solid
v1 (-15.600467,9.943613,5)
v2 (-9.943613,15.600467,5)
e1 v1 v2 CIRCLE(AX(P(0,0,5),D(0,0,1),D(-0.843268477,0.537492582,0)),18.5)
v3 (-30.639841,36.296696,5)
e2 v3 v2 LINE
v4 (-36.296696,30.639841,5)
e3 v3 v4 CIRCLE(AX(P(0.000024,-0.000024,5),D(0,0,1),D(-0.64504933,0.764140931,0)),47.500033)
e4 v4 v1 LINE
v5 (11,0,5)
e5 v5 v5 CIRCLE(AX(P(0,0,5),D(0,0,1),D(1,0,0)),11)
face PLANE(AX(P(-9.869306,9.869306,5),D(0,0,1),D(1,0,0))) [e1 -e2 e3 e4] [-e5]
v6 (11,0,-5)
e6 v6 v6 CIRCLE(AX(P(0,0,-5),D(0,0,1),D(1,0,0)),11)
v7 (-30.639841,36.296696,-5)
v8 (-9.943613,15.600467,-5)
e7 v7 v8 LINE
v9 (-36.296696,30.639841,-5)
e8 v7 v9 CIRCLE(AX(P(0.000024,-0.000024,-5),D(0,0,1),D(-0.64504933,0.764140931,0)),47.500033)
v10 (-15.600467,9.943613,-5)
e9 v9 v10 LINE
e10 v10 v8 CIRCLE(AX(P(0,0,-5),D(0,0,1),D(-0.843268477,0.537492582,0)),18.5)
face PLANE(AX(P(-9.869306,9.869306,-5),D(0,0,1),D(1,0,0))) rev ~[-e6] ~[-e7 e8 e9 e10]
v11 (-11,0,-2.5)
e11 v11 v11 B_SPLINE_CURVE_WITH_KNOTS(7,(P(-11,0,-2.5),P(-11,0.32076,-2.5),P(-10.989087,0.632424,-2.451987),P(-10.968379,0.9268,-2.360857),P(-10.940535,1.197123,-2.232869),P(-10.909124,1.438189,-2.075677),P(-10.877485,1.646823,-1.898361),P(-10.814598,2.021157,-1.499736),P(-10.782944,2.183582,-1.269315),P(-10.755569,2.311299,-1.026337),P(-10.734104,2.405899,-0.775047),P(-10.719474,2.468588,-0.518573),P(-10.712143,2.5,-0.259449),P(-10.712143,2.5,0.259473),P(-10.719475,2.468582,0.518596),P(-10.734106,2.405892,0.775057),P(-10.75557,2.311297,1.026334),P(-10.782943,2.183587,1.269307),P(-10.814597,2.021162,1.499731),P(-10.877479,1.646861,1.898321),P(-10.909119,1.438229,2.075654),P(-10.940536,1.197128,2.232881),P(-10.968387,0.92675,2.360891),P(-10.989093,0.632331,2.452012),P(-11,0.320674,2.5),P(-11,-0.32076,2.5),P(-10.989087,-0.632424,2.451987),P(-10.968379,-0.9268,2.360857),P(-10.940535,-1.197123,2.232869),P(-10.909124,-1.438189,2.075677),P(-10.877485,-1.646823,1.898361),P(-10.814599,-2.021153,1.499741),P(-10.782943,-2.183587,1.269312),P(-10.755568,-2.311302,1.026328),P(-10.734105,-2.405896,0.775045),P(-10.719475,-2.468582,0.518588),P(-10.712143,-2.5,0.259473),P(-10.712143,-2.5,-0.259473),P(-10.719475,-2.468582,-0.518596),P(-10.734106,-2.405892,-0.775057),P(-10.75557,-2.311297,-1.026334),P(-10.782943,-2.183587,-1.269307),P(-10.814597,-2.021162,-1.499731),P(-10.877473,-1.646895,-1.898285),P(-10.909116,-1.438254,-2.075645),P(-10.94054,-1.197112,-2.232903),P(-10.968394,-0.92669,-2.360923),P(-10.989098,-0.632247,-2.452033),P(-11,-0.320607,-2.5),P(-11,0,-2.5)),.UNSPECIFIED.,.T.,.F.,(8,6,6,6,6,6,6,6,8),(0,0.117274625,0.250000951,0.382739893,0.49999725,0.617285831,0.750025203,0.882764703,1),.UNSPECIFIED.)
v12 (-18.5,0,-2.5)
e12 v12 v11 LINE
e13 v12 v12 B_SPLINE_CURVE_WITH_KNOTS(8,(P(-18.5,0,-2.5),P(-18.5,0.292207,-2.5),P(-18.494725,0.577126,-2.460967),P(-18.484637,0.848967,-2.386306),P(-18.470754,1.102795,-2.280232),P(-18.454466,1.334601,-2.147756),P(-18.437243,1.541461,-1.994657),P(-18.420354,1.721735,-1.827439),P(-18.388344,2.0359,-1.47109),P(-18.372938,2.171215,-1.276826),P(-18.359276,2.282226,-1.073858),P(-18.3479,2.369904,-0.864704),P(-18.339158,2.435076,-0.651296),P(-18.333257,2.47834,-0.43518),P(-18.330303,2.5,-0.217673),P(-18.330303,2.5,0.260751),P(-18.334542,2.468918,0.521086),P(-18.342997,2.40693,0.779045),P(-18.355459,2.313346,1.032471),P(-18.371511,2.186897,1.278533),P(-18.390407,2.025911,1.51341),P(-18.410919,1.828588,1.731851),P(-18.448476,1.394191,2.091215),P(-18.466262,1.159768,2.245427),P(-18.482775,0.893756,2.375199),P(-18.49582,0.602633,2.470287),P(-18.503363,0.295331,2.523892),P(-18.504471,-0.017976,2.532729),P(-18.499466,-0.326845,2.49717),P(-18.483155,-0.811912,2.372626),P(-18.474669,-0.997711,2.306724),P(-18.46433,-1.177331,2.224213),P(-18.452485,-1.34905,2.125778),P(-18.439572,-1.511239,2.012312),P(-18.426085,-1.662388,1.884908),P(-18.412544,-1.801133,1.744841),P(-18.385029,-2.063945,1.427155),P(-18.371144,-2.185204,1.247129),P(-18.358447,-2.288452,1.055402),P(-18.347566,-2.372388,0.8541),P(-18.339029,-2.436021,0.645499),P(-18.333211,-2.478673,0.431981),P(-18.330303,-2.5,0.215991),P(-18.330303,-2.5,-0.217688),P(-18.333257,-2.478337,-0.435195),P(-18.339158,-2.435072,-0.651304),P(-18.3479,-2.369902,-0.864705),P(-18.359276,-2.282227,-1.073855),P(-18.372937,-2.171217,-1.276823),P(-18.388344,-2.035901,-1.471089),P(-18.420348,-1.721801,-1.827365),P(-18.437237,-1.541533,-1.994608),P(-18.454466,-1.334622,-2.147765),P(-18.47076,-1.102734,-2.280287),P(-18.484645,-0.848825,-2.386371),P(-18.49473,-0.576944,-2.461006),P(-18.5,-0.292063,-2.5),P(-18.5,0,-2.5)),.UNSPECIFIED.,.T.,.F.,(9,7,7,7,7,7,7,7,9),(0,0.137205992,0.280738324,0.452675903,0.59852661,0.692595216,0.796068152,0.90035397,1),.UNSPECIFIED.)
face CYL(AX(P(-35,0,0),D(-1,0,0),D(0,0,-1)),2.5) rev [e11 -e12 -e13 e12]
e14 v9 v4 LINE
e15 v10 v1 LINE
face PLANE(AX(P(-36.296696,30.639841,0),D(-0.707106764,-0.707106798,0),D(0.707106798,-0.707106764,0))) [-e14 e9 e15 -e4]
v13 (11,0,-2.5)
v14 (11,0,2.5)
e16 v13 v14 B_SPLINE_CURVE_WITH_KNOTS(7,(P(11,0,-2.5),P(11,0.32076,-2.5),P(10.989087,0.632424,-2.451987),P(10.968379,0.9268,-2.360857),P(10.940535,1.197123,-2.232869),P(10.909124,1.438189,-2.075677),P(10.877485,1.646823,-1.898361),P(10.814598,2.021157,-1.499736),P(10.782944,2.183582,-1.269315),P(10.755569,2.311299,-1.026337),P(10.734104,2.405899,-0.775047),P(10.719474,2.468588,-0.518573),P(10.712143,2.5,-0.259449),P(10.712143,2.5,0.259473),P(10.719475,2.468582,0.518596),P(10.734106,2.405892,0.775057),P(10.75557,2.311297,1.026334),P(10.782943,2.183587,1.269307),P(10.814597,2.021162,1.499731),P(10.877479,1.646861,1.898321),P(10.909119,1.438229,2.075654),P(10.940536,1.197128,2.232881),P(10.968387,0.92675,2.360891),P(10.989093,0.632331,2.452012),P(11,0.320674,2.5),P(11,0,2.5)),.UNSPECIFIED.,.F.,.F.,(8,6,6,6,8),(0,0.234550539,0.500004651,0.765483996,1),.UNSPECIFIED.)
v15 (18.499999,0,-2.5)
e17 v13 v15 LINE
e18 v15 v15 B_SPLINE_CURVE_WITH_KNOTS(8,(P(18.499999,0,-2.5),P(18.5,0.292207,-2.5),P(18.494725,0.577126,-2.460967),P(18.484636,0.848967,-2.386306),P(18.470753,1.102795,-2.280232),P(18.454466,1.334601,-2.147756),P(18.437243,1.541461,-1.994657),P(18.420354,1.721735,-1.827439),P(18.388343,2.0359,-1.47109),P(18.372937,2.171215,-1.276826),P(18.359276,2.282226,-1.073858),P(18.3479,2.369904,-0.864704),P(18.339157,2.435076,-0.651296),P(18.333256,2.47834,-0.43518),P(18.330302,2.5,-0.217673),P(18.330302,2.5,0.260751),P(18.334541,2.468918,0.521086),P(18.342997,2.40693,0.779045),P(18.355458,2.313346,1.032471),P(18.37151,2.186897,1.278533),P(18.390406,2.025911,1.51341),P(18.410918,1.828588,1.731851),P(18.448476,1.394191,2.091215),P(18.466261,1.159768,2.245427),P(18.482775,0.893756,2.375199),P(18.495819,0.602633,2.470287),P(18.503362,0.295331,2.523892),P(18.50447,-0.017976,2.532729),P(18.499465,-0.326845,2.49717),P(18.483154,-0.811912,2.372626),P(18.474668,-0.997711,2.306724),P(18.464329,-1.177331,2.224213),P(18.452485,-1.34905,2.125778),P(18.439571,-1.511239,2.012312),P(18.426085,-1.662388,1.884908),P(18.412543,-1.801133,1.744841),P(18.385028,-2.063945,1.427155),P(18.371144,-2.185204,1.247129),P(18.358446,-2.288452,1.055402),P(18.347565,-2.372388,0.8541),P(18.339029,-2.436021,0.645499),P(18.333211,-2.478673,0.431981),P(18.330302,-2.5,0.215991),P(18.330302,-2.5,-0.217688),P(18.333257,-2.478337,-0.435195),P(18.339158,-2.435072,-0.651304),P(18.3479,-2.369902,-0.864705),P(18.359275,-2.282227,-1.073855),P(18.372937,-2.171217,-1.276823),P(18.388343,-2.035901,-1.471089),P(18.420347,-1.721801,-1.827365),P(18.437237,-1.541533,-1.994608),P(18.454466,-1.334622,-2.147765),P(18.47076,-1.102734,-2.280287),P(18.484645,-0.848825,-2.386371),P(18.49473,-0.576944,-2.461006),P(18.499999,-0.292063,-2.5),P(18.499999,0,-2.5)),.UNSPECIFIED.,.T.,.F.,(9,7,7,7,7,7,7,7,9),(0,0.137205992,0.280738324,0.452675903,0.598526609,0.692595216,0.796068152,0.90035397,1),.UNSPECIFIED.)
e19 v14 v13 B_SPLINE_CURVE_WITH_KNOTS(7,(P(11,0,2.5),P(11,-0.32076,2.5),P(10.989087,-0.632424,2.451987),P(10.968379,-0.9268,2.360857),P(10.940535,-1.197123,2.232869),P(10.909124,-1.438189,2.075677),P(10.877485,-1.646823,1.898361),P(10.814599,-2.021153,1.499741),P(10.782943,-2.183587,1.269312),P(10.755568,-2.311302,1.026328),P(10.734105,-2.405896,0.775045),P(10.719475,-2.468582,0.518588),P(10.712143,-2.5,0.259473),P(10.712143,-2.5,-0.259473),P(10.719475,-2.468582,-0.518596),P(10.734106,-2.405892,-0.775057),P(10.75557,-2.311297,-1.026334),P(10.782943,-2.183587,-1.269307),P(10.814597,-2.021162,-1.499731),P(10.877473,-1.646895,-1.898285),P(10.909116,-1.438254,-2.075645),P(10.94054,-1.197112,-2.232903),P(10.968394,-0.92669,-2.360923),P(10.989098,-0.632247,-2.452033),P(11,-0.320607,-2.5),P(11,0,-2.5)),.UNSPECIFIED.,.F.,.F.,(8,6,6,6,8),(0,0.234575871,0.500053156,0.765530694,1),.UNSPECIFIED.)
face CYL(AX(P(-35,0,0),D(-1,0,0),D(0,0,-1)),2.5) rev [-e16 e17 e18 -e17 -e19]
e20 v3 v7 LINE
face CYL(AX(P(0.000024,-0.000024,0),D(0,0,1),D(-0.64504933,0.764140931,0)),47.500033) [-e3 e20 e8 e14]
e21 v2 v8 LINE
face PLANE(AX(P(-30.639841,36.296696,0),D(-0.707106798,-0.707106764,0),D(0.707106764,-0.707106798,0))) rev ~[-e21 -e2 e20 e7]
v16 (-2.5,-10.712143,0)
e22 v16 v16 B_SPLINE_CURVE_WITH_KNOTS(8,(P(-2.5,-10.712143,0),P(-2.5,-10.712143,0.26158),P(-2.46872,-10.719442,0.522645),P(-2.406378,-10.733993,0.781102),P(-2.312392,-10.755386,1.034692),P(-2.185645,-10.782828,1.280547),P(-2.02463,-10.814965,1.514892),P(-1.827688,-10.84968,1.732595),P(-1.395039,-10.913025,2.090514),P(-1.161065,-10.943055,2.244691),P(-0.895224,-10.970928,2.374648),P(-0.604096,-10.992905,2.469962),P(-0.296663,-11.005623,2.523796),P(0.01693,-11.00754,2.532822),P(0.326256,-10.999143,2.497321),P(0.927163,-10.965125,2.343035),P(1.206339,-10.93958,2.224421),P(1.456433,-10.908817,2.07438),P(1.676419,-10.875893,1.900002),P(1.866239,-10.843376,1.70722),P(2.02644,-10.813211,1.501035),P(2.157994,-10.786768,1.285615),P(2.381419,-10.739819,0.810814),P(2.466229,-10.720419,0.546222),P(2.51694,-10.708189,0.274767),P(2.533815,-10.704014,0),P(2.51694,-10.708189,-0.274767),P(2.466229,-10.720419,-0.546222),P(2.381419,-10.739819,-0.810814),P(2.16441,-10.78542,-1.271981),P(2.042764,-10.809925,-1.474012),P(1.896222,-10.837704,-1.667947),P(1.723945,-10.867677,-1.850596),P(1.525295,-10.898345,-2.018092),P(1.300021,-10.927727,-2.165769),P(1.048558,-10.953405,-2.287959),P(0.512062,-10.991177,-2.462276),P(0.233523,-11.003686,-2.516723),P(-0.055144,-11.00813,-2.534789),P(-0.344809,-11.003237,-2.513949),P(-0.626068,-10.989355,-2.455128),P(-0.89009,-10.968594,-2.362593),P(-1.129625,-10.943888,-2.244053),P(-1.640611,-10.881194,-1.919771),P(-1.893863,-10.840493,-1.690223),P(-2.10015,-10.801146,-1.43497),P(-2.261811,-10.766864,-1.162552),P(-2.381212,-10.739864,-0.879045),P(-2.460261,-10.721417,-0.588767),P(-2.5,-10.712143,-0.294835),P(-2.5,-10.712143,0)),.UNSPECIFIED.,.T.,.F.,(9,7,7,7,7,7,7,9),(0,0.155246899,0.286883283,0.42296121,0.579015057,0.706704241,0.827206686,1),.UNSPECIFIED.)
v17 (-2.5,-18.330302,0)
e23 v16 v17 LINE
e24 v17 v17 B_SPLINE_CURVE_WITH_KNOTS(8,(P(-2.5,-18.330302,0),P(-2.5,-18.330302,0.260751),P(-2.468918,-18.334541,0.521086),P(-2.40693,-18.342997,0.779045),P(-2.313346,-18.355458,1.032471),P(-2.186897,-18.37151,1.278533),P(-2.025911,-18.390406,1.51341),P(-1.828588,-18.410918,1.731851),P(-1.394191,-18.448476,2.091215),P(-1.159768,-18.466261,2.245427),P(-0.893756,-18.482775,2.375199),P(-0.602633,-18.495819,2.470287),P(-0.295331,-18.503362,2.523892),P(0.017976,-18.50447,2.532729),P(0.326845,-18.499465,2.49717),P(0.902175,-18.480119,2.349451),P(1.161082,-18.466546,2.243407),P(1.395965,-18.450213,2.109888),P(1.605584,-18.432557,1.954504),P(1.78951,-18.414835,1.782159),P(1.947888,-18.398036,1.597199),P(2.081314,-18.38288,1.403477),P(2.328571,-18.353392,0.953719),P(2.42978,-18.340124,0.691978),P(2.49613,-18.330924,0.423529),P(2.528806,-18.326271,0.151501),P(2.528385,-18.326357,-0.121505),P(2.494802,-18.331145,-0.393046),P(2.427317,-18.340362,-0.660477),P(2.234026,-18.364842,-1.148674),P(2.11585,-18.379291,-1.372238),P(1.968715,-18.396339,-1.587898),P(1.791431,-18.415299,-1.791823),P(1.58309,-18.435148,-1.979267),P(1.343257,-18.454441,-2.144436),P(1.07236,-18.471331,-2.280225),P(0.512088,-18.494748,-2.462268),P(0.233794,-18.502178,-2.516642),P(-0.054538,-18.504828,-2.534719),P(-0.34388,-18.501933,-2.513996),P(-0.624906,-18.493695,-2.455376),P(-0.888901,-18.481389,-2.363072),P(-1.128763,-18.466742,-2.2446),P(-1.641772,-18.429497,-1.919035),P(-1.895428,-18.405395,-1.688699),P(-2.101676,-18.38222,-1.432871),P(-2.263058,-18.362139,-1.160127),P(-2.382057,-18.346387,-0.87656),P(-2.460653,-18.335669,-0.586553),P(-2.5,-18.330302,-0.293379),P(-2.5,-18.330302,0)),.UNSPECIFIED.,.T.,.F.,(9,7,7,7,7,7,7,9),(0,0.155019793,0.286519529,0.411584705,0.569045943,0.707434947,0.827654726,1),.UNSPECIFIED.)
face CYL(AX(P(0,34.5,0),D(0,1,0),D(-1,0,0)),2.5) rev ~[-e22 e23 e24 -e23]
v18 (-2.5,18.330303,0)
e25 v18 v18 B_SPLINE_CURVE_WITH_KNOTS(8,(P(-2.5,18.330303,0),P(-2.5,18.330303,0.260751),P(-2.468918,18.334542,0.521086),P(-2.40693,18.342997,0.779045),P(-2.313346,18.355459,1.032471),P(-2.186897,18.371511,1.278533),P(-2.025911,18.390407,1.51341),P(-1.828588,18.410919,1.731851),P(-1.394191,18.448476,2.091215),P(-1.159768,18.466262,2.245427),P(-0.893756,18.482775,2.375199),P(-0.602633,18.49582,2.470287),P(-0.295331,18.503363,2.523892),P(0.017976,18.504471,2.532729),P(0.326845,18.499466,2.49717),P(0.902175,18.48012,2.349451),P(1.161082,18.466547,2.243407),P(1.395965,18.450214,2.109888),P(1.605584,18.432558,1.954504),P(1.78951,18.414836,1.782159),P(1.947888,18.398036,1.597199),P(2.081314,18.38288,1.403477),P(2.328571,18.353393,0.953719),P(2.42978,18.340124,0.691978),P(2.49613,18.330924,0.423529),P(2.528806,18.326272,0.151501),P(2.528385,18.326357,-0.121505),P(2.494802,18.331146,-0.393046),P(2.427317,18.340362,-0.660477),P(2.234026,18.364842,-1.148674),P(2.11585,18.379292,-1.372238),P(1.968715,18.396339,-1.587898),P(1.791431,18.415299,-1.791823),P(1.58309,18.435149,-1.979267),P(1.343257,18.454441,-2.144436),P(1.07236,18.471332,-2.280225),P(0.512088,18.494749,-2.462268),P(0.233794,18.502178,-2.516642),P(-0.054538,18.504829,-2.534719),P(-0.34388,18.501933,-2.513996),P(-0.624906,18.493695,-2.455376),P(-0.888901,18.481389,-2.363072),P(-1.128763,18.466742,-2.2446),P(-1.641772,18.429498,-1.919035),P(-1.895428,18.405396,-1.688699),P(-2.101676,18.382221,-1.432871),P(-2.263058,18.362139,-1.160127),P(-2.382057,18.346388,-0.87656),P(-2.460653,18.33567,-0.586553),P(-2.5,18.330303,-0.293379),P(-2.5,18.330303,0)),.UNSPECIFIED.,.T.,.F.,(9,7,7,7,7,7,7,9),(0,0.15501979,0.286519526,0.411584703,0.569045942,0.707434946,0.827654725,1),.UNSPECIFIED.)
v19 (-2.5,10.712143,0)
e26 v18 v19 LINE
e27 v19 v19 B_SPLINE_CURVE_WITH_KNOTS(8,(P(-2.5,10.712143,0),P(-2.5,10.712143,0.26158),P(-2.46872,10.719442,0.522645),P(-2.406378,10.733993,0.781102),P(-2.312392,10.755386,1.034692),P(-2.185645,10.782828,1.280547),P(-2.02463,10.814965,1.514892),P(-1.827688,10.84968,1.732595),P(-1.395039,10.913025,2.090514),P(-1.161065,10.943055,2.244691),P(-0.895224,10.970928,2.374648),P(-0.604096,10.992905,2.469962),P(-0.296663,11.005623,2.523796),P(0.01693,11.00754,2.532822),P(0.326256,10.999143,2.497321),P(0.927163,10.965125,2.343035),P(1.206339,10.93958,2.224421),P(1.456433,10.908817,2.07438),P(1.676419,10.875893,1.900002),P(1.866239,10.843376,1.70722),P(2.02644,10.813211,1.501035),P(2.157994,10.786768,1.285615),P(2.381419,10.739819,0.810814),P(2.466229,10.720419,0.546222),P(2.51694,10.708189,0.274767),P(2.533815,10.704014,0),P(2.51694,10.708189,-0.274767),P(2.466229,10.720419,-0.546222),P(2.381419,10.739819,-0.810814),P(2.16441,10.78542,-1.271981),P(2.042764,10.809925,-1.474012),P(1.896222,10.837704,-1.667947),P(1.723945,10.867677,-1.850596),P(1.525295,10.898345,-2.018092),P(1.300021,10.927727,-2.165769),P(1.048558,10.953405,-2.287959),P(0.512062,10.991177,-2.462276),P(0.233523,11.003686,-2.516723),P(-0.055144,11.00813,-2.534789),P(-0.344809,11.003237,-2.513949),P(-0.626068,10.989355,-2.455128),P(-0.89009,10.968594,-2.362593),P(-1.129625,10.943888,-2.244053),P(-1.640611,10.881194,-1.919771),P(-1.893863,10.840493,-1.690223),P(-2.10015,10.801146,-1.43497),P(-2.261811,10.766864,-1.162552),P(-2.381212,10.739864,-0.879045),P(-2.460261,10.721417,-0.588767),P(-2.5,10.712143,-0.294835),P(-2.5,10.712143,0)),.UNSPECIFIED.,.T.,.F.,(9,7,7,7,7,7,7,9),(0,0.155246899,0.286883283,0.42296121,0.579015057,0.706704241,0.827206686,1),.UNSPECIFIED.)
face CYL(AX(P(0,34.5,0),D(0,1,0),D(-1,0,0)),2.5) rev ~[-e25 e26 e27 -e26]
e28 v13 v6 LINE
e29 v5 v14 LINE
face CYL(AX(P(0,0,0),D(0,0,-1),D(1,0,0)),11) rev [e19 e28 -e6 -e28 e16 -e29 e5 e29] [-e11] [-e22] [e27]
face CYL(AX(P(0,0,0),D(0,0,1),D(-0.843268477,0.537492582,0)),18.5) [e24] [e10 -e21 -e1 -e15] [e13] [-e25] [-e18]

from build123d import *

# Parameters (mm, degrees)
SKETCH019_R          = 11
PAD015_DEPTH         = 5
SKETCH020_R          = 2.5
POCKET012_DEPTH      = 53.001
POCKET012_DEPTH_BACK = 1.797696
SKETCH021_R          = 2.5
POCKET013_DEPTH      = 1.297696
POCKET013_DEPTH_BACK = 53.501


with BuildPart() as part:
    # Sketch019 → Pad015 (new body, symmetric)
    with BuildSketch(Plane.XY):
        with BuildLine():
            ThreePointArc((-30.639841, 36.296696), (-33.587572, 33.587572), (-36.296696, 30.639841))
            Line((-36.296696, 30.639841), (-15.600467, 9.943613))
            ThreePointArc((-15.600467, 9.943613), (13.081475, -13.081475), (-9.943613, 15.600467))
            Line((-30.639841, 36.296696), (-9.943613, 15.600467))
        make_face()
        Circle(SKETCH019_R, mode=Mode.SUBTRACT)
    extrude(amount=PAD015_DEPTH, both=True)

    # Sketch020 → Pocket012 (cut, two sides)
    with BuildSketch(Plane(origin=(0, 34.5, 0), x_dir=(-1, 0, 0), z_dir=(0, 1, 0))) as pocket012_sk:
        Circle(SKETCH020_R)
    extrude(amount=-POCKET012_DEPTH, mode=Mode.SUBTRACT)
    extrude(pocket012_sk.sketch, amount=POCKET012_DEPTH_BACK, mode=Mode.SUBTRACT)

    # Sketch021 → Pocket013 (cut, two sides)
    with BuildSketch(Plane(origin=(-35, 0, 0), x_dir=(0, 0, -1), z_dir=(1, 0, 0))) as pocket013_sk:
        Circle(SKETCH021_R)
    extrude(amount=-POCKET013_DEPTH, mode=Mode.SUBTRACT)
    extrude(pocket013_sk.sketch, amount=POCKET013_DEPTH_BACK, mode=Mode.SUBTRACT)


solid = part.part
